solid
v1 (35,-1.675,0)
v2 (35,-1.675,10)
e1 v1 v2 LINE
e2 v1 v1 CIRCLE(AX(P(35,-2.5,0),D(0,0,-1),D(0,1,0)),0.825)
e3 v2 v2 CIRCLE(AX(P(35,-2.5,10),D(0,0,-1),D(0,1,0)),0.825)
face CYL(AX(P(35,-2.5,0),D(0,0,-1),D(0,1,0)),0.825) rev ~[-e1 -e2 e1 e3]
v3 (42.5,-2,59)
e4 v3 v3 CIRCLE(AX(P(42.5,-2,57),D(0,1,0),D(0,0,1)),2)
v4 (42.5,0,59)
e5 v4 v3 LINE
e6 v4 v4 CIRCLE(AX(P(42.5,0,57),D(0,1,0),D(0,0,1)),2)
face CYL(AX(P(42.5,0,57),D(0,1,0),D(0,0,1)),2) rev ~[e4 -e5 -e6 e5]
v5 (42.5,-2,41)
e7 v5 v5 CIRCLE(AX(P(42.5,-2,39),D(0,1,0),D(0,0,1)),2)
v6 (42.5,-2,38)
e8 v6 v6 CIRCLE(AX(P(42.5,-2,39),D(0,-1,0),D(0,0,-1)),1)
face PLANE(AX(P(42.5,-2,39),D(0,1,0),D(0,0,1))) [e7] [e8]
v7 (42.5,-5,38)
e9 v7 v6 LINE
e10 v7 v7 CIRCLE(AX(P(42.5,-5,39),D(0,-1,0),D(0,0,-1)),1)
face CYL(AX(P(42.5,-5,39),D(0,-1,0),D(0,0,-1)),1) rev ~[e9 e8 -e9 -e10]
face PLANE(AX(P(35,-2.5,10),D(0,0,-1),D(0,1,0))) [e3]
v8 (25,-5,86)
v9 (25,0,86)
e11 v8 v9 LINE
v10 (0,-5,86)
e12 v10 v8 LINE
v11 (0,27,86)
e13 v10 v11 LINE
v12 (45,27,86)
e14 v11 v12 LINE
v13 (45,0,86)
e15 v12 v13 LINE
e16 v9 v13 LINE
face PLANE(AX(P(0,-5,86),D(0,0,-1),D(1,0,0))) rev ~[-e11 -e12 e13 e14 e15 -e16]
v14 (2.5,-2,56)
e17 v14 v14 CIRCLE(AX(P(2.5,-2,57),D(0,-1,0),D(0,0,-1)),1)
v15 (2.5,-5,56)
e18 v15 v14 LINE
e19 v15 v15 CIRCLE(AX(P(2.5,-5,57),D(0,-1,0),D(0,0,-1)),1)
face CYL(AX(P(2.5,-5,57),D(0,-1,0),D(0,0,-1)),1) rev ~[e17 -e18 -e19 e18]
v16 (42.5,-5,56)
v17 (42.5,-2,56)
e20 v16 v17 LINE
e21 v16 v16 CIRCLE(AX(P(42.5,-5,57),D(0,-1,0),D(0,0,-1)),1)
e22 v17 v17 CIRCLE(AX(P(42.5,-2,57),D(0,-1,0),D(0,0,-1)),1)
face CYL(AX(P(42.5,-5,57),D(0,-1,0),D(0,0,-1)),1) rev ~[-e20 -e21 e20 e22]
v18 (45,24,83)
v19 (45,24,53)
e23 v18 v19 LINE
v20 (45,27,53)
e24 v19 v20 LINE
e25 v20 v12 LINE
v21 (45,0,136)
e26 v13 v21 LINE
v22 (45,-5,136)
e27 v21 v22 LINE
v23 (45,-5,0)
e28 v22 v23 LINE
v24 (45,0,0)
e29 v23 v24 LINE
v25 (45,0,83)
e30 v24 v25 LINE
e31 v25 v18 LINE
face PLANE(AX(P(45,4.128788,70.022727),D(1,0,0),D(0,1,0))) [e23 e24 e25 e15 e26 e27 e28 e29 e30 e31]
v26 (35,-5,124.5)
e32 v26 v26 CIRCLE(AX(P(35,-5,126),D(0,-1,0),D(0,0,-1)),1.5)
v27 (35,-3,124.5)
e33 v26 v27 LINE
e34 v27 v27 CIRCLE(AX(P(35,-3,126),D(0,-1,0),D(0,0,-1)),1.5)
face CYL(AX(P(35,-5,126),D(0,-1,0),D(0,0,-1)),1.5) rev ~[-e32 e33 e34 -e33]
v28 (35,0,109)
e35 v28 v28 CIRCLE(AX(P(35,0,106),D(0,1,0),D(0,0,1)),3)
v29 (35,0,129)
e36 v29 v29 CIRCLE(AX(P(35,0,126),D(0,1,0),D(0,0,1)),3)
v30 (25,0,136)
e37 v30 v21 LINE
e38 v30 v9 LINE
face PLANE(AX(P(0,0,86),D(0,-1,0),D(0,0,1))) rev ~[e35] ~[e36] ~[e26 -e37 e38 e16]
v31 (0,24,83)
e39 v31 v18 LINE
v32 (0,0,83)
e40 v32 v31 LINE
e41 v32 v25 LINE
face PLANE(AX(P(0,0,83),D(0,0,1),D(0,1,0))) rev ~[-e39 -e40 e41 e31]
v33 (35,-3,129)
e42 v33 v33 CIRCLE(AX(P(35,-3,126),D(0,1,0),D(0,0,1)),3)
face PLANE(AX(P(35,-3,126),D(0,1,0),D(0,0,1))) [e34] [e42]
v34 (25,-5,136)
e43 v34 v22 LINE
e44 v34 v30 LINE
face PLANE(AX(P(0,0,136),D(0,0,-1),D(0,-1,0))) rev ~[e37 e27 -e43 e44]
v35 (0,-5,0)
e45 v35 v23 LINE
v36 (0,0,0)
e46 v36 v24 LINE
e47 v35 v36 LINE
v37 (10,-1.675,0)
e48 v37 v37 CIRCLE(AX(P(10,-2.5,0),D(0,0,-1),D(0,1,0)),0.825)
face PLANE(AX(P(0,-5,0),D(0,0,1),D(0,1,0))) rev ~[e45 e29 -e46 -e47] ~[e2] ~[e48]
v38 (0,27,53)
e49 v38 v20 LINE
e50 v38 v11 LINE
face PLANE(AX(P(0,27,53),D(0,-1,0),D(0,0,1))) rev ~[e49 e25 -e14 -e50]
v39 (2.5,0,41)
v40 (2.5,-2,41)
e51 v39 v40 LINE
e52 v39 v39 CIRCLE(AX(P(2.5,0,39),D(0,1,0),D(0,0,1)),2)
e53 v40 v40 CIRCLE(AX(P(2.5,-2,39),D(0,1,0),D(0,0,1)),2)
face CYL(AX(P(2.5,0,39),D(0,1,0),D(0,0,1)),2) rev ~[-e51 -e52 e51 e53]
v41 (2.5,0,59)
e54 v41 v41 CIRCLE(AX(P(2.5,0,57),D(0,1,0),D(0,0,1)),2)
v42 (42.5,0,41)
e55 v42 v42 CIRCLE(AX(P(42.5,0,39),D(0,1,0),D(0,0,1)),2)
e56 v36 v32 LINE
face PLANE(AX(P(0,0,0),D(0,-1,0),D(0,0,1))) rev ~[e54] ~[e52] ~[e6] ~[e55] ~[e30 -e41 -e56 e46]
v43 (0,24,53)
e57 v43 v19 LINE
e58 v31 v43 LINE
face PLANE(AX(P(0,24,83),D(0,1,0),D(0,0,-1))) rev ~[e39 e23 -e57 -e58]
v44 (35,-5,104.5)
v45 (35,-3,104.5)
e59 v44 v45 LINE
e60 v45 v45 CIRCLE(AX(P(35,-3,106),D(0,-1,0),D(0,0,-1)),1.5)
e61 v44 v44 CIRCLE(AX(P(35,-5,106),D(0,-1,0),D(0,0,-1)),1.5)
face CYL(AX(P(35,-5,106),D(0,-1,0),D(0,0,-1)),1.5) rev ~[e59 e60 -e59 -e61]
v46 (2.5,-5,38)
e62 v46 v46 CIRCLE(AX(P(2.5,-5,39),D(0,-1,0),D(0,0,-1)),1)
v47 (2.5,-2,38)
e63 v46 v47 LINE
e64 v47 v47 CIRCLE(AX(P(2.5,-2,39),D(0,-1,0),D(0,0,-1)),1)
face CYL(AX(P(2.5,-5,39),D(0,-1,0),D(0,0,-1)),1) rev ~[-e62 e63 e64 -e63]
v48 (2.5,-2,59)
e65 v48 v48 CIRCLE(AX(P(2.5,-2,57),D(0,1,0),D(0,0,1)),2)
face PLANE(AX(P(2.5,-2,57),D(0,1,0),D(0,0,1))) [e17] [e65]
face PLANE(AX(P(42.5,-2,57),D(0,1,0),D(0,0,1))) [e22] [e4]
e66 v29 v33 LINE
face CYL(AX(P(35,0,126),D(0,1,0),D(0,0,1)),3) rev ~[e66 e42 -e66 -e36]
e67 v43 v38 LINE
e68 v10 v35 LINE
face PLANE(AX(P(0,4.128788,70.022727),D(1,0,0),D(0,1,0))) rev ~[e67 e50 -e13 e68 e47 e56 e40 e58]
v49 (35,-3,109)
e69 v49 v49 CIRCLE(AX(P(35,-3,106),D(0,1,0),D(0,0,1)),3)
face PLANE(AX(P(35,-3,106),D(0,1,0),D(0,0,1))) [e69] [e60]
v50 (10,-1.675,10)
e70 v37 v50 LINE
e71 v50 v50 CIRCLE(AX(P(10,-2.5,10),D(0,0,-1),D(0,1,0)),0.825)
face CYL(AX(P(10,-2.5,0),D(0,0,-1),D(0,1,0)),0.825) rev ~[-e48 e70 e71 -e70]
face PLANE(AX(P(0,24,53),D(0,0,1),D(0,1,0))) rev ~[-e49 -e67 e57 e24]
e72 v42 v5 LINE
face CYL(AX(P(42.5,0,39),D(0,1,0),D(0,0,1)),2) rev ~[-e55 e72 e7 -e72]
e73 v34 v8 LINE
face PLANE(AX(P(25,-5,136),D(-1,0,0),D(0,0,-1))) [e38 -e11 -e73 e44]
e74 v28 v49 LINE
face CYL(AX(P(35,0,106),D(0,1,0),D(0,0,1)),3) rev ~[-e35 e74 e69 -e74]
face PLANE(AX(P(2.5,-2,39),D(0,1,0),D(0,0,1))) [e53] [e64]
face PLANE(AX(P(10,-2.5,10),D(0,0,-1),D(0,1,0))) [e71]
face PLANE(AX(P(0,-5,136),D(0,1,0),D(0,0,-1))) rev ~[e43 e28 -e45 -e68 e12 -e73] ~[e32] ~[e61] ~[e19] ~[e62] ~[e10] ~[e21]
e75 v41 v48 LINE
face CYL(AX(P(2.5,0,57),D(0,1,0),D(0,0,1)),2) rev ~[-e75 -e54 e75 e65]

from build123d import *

# Parameters (mm, degrees)
PAD_DEPTH       = 45
SKETCH001_R     = 1
POCKET_DEPTH    = 5
SKETCH002_R     = 0.825
POCKET001_DEPTH = 10
SKETCH004_R     = 1.5
POCKET003_DEPTH = 5
SKETCH005_W     = 50
SKETCH005_H     = 25
POCKET004_DEPTH = 5
SKETCH006_R     = 2
POCKET005_DEPTH = 2
SKETCH007_R     = 3
POCKET006_DEPTH = 3


with BuildPart() as part:
    # Sketch → Pad (new body)
    with BuildSketch(Plane.YZ):
        Polygon((0, 0), (0, 83), (24, 83), (24, 53), (27, 53), (27, 86), (0, 86), (0, 136), (-5, 136), (-5, 0), align=None)
    extrude(amount=PAD_DEPTH)

    # Sketch001 (on Face1 of Pad) → Pocket (cut)
    with BuildSketch(Plane(origin=(0, -5, 0), x_dir=(0, 0, -1), z_dir=(0, -1, 0))):
        with Locations((-57, 42.5)):
            Circle(SKETCH001_R)
        with Locations((-39, 42.5)):
            Circle(SKETCH001_R)
        with Locations((-57, 2.5)):
            Circle(SKETCH001_R)
        with Locations((-39, 2.5)):
            Circle(SKETCH001_R)
    extrude(amount=-POCKET_DEPTH, mode=Mode.SUBTRACT)

    # Sketch002 (on Face5 of Pocket) → Pocket001 (cut)
    with BuildSketch(Plane.YX):
        with Locations((-2.5, 35)):
            Circle(SKETCH002_R)
        with Locations((-2.5, 10)):
            Circle(SKETCH002_R)
    extrude(amount=-POCKET001_DEPTH, mode=Mode.SUBTRACT)

    # Sketch004 → Pocket003 (cut)
    with BuildSketch(Plane(origin=(0, -5, 0), x_dir=(0, 0, -1), z_dir=(0, -1, 0))):
        with Locations((-126, 35)):
            Circle(SKETCH004_R)
        with Locations((-106, 35)):
            Circle(SKETCH004_R)
    extrude(amount=-POCKET003_DEPTH, mode=Mode.SUBTRACT)

    # Sketch005 (on Face1 of Pocket003) → Pocket004 (cut)
    with BuildSketch(Plane(origin=(0, -5, 0), x_dir=(0, 0, -1), z_dir=(0, -1, 0))):
        with Locations((-111, 12.5)):
            Rectangle(SKETCH005_W, SKETCH005_H)
    extrude(amount=-POCKET004_DEPTH, mode=Mode.SUBTRACT)

    # Sketch006 (on Face20 of Pocket004) → Pocket005 (cut)
    with BuildSketch(Plane.ZX):
        with Locations((39, 42.5)):
            Circle(SKETCH006_R)
        with Locations((57, 42.5)):
            Circle(SKETCH006_R)
        with Locations((39, 2.5)):
            Circle(SKETCH006_R)
        with Locations((57, 2.5)):
            Circle(SKETCH006_R)
    extrude(amount=-POCKET005_DEPTH, mode=Mode.SUBTRACT)

    # Sketch007 (on Face14 of Pocket005) → Pocket006 (cut)
    with BuildSketch(Plane.ZX):
        with Locations((106, 35)):
            Circle(SKETCH007_R)
        with Locations((126, 35)):
            Circle(SKETCH007_R)
    extrude(amount=-POCKET006_DEPTH, mode=Mode.SUBTRACT)


solid = part.part
